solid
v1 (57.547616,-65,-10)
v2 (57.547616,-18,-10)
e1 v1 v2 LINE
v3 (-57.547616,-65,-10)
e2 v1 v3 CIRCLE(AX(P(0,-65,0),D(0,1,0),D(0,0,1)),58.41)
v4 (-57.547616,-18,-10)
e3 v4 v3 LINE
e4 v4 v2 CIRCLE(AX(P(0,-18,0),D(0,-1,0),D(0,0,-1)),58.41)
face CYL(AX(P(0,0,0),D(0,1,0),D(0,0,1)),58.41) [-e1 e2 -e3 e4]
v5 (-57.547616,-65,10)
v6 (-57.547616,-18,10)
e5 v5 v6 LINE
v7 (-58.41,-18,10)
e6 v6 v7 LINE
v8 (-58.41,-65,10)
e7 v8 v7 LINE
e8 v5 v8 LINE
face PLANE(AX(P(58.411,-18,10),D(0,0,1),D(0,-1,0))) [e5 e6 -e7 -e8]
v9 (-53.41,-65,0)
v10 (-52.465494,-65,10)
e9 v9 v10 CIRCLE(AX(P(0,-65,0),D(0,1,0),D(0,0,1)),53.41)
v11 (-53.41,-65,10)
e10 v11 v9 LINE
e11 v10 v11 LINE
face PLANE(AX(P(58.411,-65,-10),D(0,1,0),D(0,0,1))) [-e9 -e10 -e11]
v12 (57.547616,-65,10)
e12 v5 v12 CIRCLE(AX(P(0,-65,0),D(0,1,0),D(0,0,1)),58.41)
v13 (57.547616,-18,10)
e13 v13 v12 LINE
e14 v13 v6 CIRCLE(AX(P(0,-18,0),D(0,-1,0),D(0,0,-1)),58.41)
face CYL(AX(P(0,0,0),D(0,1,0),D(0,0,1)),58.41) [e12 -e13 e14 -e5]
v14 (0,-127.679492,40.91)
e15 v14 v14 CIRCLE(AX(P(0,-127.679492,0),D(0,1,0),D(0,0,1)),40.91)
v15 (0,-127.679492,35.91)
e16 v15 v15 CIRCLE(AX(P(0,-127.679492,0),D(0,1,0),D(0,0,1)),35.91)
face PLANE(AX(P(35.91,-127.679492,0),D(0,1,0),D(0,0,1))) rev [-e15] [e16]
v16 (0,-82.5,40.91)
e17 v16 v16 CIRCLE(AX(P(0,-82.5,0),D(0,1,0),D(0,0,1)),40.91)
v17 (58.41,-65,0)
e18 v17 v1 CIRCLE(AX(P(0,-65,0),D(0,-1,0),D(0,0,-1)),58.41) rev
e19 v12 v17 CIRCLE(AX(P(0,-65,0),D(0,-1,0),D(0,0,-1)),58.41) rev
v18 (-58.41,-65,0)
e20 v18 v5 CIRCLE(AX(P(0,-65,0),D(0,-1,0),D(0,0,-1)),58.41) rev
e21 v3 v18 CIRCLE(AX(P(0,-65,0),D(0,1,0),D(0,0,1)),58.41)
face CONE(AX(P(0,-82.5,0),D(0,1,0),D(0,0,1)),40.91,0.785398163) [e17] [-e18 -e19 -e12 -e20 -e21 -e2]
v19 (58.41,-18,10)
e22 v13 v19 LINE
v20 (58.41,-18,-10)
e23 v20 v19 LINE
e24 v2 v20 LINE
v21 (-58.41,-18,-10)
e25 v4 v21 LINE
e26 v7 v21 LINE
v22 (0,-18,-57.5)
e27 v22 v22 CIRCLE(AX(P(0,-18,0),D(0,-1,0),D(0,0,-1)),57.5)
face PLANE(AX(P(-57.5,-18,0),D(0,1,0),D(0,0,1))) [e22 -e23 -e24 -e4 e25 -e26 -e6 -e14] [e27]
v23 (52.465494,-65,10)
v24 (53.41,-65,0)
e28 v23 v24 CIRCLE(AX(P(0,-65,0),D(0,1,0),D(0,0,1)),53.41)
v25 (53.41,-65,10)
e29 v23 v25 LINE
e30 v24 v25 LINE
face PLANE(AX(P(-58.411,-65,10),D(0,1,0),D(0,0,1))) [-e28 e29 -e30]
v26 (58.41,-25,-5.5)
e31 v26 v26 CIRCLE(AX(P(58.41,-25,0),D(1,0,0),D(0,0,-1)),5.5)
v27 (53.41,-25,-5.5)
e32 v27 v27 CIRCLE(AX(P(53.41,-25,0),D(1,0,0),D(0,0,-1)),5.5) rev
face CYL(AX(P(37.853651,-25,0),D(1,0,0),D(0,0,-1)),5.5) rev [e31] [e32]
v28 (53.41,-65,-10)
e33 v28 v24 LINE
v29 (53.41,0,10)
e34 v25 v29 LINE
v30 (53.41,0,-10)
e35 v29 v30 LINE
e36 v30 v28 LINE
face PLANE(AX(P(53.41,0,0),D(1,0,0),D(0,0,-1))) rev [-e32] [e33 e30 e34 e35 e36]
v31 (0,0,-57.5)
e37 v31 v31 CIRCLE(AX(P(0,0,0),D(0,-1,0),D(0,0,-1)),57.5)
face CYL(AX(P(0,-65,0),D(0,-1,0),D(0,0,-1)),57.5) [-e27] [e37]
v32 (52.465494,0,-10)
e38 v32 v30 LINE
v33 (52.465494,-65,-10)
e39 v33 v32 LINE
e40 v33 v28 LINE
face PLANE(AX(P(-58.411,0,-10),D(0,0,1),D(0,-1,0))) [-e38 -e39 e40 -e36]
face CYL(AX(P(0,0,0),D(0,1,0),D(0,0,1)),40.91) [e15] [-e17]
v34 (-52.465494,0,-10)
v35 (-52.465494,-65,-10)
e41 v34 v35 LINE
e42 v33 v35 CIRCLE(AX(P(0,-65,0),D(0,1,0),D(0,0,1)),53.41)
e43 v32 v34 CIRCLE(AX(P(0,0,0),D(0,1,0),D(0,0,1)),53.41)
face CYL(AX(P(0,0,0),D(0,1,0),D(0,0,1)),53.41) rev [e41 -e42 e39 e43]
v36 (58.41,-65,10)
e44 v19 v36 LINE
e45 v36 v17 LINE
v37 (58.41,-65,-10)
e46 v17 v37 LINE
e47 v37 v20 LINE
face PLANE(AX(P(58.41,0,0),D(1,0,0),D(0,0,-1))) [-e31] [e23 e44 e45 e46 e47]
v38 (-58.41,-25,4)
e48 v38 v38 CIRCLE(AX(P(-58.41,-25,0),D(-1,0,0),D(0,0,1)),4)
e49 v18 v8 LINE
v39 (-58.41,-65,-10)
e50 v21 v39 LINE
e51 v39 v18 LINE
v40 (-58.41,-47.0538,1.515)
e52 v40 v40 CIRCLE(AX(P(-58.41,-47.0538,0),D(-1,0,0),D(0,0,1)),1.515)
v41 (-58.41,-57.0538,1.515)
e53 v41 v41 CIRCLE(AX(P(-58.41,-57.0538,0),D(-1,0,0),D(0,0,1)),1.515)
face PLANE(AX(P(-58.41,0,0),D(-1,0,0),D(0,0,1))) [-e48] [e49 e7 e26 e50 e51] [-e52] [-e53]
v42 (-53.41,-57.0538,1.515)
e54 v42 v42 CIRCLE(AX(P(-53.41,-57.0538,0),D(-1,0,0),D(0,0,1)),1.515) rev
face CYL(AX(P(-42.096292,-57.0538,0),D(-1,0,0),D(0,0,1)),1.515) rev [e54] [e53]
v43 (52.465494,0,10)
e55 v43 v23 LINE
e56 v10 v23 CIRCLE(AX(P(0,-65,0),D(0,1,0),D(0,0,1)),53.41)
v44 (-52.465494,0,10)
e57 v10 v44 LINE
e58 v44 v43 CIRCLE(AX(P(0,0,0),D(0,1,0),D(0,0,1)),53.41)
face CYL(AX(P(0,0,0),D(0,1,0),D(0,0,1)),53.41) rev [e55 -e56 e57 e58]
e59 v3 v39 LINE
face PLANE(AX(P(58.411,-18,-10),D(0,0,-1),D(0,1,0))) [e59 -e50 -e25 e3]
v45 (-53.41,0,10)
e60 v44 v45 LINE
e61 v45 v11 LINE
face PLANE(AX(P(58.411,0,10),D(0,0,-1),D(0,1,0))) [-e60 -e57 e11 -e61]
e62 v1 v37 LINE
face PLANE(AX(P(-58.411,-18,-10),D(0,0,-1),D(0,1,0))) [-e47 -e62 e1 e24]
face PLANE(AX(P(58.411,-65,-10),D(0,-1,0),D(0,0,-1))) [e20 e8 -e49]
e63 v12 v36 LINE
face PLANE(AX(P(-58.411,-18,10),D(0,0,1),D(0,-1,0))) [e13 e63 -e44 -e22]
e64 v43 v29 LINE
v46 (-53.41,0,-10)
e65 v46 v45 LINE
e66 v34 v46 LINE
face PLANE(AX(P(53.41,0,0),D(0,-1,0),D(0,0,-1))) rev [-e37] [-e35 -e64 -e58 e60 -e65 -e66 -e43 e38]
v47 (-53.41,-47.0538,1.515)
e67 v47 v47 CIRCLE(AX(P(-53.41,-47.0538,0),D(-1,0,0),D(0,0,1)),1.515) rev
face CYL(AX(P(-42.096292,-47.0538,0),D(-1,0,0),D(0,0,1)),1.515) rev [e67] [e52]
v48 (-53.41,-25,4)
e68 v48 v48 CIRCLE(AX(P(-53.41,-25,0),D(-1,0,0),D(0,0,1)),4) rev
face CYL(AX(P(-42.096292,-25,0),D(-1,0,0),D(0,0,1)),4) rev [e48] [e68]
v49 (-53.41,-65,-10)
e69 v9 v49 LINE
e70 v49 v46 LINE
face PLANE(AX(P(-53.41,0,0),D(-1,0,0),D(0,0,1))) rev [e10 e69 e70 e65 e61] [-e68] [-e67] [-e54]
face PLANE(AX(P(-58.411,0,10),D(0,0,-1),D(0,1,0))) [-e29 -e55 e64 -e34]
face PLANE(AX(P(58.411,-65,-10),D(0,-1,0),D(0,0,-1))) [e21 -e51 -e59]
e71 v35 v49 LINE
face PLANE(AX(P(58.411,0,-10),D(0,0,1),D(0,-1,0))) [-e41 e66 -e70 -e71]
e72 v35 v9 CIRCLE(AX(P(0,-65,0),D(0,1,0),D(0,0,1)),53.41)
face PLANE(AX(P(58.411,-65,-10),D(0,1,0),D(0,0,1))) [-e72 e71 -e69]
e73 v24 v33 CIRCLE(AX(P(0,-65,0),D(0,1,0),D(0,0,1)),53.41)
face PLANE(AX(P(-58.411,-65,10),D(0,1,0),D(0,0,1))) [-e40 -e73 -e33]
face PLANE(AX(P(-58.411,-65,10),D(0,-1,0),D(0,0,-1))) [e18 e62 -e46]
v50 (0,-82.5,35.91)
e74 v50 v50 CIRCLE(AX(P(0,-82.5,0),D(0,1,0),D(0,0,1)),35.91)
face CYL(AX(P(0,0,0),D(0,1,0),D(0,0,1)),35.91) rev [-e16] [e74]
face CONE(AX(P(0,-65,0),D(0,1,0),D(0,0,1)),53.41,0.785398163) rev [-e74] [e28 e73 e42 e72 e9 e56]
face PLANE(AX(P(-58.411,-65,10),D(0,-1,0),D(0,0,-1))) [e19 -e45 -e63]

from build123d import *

# Parameters (mm, degrees)
SKETCH14_W              = 0.91
SKETCH14_H              = 18
SKETCH8_W               = 20
SKETCH8_H               = 47
BOSS_EXTRUDE1_DEPTH     = 0.862384063
CUT_EXTRUDE4_REACH      = 181.492
CUT_EXTRUDE4_END_RADIUS = 53.41
SKETCH10_W              = 20
SKETCH10_H              = 65
CIRPATTERN1_COUNT       = 2
SKETCH11_R              = 5.5
CUT_EXTRUDE5_DEPTH      = 5
SKETCH12_R              = 4
SKETCH12_R_2            = 1.515
CUT_EXTRUDE6_DEPTH      = 5


with BuildPart() as part:
    # Sketch1 → Revolve1 (revolve)
    with BuildSketch(Plane.XY, mode=Mode.PRIVATE) as revolve1_sk:
        Polygon((58.41, -65), (40.91, -82.5), (40.91, -127.679491924), (35.91, -127.679491924), (35.91, -82.5), (53.41, -65), (53.41, 0), (58.41, 0), align=None)
    revolve(revolve1_sk.sketch.rotate(Axis((0, 0, 0), (0, -1, 0)), 90), axis=Axis((0, 0, 0), (0, -1, 0)))

    # Sketch14 → Cut-Revolve5 (revolve, cut)
    with BuildSketch(Plane.XY, mode=Mode.PRIVATE) as cut_revolve5_sk:
        with Locations((-57.955, -9)):
            Rectangle(SKETCH14_W, SKETCH14_H)
    revolve(cut_revolve5_sk.sketch.rotate(Axis((0, 0, 0), (0, 1, 0)), 90), axis=Axis((0, 0, 0), (0, 1, 0)), mode=Mode.SUBTRACT)

    # Sketch8 → Boss-Extrude1 (add)
    with BuildSketch(Plane.ZY.offset(58.41)):
        with Locations((0, -41.5)):
            Rectangle(SKETCH8_W, SKETCH8_H)
    boss_extrude1 = extrude(amount=-BOSS_EXTRUDE1_DEPTH)

    # Cut-Extrude4: up to this cylinder (the profile starts outside it)
    cut_extrude4_end = Plane(origin=(0, -32.5, 0), z_dir=(0, 1, 0)) * Cylinder(CUT_EXTRUDE4_END_RADIUS, 470.804, mode=Mode.PRIVATE)
    # Sketch10 → Cut-Extrude4 (cut, up to the surface)
    with BuildSketch(Plane(origin=(-53.41, 0, 0), x_dir=(0, 0, -1), z_dir=(1, 0, 0)), mode=Mode.PRIVATE) as cut_extrude4_sk1:
        with Locations((0, -32.5)):
            Rectangle(SKETCH10_W, SKETCH10_H)
    cut_extrude4_tool1 = extrude(cut_extrude4_sk1.sketch, amount=CUT_EXTRUDE4_REACH, mode=Mode.PRIVATE) - cut_extrude4_end
    cut_extrude4 = cut_extrude4_tool1.solids().sort_by_distance((-53.41, -32.5, 0))[0] + cut_extrude4_tool1.solids().sort_by_distance((-53.41, -32.5, 0))[1]
    add(cut_extrude4, mode=Mode.SUBTRACT)

    # CirPattern1: Boss-Extrude1, Cut-Extrude4 ×2 about axis
    cirpattern1_axis = Axis((0, 0, 0), (0, 1, 0))
    add([boss_extrude1.rotate(cirpattern1_axis, i * 360 / CIRPATTERN1_COUNT) for i in range(1, CIRPATTERN1_COUNT)])
    add([cut_extrude4.rotate(cirpattern1_axis, i * 360 / CIRPATTERN1_COUNT) for i in range(1, CIRPATTERN1_COUNT)], mode=Mode.SUBTRACT)

    # Sketch11 → Cut-Extrude5 (cut)
    with BuildSketch(Plane(origin=(58.41, 0, 0), x_dir=(0, 0, -1), z_dir=(1, 0, 0))):
        with Locations((0, -25)):
            Circle(SKETCH11_R)
    extrude(amount=-CUT_EXTRUDE5_DEPTH, mode=Mode.SUBTRACT)

    # Sketch12 → Cut-Extrude6 (cut)
    with BuildSketch(Plane.ZY.offset(58.41)):
        with Locations((0, -25)):
            Circle(SKETCH12_R)
        with Locations((0, -47.0538)):
            Circle(SKETCH12_R_2)
        with Locations((0, -57.0538)):
            Circle(SKETCH12_R_2)
    extrude(amount=-CUT_EXTRUDE6_DEPTH, mode=Mode.SUBTRACT)


solid = part.part
